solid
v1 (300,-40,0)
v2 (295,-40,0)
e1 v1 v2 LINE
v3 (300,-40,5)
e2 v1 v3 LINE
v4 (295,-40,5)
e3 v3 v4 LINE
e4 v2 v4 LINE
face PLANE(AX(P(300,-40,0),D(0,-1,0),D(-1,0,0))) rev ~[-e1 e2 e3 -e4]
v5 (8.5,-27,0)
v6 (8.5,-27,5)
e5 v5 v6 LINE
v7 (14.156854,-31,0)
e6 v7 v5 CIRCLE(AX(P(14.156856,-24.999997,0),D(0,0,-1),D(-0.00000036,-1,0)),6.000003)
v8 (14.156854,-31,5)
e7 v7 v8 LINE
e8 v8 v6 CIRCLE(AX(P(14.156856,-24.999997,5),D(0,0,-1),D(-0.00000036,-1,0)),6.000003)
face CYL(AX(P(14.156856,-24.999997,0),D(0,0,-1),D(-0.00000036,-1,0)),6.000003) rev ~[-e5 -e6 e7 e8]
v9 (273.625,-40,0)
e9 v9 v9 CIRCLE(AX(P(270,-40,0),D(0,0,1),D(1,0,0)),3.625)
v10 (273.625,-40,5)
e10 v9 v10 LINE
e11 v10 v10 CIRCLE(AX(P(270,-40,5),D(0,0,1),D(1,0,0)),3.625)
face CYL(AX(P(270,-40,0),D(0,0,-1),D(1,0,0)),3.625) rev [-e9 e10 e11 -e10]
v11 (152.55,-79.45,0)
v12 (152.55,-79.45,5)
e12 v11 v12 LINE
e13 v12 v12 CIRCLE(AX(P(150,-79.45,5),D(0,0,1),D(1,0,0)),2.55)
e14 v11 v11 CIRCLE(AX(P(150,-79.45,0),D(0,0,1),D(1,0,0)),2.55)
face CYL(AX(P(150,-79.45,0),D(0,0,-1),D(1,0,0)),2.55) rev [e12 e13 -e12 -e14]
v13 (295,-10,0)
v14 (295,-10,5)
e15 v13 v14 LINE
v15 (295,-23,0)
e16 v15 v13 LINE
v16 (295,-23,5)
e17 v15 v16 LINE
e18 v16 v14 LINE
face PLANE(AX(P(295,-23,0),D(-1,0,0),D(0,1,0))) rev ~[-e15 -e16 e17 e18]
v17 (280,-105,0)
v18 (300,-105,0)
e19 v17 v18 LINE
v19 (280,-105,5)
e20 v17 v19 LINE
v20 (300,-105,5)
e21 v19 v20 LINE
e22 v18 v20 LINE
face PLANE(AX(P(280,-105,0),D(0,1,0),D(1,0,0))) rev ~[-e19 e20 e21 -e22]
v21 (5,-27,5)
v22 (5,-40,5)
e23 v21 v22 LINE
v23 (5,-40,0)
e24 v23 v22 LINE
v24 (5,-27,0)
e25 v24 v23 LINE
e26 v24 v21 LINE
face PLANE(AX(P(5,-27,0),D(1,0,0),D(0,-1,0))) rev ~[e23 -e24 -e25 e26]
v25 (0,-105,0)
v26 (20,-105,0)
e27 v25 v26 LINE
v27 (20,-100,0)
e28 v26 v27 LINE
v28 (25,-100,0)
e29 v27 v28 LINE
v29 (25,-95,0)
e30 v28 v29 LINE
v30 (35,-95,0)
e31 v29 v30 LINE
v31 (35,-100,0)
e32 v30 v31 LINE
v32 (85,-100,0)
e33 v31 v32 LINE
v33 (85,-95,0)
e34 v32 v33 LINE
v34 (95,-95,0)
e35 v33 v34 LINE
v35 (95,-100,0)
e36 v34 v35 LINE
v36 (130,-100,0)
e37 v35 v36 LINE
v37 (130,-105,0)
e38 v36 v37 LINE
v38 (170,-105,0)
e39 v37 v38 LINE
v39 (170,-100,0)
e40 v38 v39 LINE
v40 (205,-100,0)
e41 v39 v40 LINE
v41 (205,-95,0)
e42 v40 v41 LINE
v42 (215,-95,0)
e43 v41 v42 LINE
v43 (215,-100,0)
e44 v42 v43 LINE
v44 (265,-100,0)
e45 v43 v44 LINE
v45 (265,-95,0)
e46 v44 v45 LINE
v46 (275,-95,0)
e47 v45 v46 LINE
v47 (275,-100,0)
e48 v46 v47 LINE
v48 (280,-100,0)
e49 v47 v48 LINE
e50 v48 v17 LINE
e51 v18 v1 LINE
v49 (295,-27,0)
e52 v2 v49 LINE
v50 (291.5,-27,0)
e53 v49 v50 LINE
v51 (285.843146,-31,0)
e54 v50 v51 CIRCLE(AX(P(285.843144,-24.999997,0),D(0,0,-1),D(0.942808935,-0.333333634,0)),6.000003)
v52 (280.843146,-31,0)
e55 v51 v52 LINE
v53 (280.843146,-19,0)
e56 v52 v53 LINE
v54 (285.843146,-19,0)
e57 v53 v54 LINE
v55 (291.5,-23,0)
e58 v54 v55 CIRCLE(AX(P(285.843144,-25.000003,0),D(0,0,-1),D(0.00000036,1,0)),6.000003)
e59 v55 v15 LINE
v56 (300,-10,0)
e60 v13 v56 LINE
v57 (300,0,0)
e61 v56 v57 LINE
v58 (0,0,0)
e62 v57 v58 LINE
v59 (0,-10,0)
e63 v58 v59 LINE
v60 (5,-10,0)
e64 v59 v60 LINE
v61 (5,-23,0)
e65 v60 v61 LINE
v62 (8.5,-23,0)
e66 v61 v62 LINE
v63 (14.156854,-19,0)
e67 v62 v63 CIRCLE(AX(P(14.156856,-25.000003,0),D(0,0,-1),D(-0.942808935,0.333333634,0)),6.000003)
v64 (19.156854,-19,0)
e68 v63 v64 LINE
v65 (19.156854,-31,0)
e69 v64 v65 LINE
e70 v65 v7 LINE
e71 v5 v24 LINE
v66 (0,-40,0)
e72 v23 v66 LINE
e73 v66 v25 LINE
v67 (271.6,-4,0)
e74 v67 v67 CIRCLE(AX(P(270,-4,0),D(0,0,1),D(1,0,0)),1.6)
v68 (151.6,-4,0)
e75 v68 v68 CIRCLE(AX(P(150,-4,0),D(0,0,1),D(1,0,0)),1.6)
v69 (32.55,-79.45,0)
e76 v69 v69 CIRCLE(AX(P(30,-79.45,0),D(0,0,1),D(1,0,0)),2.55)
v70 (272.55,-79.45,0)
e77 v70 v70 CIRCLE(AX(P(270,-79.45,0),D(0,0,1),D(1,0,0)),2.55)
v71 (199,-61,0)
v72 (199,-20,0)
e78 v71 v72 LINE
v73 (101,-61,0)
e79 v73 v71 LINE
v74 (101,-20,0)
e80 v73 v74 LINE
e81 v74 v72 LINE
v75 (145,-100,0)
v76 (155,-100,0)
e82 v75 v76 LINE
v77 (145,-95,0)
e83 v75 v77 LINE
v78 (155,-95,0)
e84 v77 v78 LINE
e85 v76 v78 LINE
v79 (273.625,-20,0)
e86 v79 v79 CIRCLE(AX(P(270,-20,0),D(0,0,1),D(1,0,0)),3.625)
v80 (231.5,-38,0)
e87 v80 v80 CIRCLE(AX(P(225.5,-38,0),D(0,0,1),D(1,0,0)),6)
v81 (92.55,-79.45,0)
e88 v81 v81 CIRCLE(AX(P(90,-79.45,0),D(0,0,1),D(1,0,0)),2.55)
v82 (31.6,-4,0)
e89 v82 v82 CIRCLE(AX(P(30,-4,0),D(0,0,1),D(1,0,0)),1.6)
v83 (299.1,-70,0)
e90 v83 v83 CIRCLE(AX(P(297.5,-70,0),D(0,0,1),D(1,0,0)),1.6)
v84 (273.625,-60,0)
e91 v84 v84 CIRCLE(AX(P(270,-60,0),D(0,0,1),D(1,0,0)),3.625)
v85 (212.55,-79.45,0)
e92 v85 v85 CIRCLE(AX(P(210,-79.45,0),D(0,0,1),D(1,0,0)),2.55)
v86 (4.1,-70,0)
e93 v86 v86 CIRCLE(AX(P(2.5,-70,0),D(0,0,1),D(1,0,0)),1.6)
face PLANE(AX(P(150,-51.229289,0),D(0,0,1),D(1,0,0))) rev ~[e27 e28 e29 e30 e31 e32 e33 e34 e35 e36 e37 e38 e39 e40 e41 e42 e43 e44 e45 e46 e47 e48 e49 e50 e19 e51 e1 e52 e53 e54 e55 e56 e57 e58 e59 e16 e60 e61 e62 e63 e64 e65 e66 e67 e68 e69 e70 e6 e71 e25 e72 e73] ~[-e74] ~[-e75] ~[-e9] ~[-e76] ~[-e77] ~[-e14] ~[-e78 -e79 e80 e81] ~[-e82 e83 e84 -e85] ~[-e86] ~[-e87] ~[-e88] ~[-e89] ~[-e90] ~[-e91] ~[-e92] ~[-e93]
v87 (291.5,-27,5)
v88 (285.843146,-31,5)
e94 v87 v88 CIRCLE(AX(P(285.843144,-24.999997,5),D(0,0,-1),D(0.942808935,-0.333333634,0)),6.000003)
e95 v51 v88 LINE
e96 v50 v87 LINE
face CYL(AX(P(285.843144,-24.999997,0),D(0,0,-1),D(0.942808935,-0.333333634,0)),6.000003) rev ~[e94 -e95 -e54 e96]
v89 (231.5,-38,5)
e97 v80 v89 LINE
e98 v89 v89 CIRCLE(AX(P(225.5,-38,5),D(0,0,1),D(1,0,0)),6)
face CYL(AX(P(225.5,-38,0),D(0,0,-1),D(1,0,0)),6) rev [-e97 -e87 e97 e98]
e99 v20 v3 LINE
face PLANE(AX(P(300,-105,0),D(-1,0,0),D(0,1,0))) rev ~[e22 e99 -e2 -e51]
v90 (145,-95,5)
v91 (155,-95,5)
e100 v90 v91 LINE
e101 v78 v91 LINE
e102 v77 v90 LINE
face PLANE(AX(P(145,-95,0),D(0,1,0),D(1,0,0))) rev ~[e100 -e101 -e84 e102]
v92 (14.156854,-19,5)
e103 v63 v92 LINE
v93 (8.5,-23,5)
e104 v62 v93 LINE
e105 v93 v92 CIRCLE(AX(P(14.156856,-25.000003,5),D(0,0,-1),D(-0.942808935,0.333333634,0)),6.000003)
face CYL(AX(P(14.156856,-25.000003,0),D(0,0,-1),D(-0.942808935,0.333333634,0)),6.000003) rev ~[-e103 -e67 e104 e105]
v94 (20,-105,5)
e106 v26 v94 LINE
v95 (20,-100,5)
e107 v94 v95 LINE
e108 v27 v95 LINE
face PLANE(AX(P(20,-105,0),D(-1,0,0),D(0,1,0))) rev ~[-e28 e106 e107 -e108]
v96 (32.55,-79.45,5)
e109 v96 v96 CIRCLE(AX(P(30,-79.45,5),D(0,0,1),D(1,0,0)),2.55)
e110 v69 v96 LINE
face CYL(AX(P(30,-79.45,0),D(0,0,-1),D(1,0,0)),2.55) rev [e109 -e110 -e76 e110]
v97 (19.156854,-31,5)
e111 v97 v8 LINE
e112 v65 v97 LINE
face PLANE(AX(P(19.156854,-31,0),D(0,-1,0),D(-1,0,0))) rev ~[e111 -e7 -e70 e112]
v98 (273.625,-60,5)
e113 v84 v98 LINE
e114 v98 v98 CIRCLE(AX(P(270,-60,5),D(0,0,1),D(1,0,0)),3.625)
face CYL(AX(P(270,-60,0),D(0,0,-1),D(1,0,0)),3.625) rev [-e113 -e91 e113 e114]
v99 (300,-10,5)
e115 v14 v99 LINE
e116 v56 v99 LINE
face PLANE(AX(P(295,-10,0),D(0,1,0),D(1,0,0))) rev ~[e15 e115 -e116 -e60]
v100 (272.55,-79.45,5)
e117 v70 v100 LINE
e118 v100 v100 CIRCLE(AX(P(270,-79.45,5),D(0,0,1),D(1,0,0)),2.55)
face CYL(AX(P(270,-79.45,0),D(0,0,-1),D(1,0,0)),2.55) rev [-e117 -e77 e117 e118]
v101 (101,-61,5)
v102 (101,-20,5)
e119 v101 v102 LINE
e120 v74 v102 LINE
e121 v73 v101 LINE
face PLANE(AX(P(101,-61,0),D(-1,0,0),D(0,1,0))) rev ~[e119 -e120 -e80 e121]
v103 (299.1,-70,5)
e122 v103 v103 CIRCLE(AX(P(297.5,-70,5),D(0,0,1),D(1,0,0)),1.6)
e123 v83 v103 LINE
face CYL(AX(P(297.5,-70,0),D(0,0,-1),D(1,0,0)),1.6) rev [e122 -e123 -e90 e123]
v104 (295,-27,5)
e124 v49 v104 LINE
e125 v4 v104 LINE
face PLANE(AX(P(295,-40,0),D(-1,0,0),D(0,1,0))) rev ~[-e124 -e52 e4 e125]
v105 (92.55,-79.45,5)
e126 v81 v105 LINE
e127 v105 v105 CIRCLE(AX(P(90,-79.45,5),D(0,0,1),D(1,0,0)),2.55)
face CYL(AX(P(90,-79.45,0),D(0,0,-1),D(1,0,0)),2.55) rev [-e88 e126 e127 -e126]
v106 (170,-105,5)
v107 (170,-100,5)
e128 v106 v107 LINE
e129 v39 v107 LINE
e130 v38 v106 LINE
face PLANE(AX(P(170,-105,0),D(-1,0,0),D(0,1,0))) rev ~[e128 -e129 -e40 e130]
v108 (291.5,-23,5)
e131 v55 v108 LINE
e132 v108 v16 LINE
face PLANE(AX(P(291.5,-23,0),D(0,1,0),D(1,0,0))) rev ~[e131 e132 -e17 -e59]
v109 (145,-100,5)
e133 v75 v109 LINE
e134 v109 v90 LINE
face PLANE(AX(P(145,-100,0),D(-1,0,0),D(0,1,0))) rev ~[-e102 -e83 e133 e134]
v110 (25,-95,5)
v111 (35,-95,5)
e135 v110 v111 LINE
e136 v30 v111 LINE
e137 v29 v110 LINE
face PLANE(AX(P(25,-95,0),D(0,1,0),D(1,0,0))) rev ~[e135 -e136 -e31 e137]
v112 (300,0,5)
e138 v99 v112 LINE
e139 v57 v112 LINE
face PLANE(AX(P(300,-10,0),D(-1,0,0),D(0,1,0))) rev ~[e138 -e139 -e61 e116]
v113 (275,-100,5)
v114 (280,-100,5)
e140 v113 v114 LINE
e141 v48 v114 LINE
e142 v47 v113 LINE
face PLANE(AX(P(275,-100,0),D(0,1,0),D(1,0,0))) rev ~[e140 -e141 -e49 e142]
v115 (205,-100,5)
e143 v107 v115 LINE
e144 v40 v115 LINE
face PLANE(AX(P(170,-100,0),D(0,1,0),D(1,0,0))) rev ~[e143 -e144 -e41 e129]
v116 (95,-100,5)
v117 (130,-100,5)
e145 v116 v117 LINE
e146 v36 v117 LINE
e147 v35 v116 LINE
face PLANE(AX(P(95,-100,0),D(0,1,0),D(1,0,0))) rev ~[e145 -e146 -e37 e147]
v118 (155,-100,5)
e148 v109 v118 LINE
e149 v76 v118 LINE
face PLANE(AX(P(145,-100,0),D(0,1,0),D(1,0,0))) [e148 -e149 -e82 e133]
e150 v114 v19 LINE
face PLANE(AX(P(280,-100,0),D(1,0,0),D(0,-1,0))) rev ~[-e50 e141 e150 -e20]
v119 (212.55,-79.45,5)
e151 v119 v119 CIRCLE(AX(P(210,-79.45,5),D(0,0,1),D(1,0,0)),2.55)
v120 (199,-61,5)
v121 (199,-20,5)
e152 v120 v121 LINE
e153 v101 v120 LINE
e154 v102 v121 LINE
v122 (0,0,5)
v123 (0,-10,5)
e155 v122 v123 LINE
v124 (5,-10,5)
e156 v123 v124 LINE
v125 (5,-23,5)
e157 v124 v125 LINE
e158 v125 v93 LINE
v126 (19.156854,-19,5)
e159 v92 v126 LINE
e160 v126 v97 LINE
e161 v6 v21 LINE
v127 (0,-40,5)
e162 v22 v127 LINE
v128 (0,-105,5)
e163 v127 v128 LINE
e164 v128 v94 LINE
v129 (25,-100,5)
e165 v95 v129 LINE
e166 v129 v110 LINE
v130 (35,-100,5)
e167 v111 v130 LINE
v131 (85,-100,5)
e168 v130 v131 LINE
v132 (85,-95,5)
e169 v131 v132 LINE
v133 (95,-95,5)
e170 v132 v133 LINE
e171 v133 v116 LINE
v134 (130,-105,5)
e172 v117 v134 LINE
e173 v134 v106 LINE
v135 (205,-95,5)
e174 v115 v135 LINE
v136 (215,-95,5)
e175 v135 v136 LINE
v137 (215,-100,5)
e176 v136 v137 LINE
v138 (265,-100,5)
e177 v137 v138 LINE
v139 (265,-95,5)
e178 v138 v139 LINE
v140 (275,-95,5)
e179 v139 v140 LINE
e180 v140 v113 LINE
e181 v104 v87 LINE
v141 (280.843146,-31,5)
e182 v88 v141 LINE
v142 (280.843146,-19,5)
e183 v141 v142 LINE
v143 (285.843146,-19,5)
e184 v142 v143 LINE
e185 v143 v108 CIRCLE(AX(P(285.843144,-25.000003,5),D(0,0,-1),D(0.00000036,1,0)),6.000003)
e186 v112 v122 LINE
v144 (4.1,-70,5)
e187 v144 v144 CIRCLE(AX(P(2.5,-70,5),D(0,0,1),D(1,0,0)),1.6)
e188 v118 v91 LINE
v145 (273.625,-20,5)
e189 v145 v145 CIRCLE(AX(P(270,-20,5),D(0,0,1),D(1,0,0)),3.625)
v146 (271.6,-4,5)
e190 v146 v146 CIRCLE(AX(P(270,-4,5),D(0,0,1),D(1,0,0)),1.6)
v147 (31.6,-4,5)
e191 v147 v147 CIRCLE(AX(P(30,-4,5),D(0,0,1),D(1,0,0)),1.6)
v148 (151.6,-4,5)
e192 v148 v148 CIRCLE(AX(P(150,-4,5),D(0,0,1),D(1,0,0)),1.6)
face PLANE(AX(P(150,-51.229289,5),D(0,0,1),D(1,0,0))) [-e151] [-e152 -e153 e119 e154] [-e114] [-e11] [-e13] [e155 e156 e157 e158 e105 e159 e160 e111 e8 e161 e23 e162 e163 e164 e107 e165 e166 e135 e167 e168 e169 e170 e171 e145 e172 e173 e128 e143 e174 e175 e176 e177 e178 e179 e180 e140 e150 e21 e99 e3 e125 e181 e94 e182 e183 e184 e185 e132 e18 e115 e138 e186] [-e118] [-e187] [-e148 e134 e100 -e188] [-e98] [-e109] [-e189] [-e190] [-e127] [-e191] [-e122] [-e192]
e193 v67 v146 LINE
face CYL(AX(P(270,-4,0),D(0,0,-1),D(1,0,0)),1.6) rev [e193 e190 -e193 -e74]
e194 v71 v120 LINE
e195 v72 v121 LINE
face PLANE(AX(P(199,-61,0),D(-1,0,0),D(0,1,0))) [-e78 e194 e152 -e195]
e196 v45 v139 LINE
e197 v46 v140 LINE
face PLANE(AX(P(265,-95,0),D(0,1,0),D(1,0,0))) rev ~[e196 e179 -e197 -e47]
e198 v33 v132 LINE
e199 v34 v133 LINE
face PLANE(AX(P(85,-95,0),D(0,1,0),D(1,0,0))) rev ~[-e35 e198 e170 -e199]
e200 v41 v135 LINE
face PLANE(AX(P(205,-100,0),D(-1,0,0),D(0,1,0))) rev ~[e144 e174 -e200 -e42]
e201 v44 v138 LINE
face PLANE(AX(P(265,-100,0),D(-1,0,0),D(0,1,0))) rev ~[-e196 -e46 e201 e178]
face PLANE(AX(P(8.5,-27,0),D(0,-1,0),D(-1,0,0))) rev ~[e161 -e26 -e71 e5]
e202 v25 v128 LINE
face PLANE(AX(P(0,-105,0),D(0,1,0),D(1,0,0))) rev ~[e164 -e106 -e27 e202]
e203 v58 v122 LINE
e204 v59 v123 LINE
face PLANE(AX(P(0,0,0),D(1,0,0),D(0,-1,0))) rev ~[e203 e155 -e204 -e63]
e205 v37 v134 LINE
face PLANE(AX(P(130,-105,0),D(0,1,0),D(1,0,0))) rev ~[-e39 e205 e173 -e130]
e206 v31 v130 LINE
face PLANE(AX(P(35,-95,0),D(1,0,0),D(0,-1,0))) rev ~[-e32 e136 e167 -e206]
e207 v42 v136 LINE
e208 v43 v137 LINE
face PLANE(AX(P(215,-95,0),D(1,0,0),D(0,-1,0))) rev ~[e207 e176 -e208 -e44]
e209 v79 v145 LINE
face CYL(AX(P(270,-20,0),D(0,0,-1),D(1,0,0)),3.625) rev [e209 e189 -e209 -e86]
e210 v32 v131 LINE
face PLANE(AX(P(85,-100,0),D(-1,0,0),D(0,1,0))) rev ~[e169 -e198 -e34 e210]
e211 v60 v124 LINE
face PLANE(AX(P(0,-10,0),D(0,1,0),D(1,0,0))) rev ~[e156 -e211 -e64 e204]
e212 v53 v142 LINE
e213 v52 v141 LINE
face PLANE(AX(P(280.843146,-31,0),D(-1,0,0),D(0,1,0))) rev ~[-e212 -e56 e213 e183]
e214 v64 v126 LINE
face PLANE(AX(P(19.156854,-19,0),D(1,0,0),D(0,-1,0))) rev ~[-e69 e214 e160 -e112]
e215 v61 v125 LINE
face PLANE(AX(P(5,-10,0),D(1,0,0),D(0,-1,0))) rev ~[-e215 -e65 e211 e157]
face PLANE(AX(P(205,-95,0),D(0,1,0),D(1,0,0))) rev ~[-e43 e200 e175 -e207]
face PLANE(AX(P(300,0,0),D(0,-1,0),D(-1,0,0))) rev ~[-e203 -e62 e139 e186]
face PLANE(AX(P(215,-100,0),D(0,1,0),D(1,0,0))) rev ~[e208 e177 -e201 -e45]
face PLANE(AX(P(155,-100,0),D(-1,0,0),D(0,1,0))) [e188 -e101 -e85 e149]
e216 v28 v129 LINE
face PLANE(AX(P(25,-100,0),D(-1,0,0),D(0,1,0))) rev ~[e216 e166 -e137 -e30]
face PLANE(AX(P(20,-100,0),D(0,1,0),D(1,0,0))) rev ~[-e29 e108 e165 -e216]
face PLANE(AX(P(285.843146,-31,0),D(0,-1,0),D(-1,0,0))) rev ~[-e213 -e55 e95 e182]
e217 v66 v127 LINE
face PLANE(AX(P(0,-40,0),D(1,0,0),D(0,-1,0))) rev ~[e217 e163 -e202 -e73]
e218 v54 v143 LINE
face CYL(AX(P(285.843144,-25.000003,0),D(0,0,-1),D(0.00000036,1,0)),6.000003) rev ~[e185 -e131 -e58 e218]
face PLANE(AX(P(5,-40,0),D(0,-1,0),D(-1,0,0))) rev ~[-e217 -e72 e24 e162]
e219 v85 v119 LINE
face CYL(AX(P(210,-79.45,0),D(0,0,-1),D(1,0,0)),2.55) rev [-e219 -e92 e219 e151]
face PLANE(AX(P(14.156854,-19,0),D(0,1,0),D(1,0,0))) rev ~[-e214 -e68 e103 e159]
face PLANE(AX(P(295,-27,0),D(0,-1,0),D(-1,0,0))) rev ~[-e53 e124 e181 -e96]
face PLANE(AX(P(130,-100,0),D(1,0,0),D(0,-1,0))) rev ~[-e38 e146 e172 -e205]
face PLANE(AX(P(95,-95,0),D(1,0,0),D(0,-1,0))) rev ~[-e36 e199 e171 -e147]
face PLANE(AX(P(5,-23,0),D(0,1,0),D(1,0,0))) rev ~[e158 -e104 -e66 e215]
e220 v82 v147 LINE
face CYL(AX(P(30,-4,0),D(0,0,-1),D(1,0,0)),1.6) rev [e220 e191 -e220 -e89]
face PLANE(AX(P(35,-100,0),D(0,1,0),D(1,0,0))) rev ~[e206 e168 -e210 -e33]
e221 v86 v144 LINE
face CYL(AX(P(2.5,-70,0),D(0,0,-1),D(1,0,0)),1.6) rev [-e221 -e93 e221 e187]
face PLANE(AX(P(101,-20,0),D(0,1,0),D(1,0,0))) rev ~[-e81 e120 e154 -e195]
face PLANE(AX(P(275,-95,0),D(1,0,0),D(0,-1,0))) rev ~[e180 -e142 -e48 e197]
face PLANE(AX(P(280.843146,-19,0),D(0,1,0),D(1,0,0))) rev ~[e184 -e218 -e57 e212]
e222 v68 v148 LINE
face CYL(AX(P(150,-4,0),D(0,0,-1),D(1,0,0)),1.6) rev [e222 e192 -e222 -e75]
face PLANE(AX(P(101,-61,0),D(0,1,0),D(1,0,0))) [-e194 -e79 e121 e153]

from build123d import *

# Parameters (mm, degrees)
F0_R     = 2.55
F0_R_2   = 1.6
F0_W     = 10
F0_H     = 5
F0_R_3   = 3.625
F0_W_2   = 98
F0_H_2   = 41
F0_R_4   = 6
F1_DEPTH = 5


with BuildPart() as f1:
    # F0 (on Top) → F1 (new body)
    with BuildSketch(Plane.XY):
        with BuildLine():
            Line((300, 0), (0, 0))
            Line((0, 0), (0, -10))
            Line((0, -10), (5, -10))
            Line((5, -10), (5, -23))
            Line((5, -23), (8.5, -23))
            ThreePointArc((8.5, -23), (10.692753, -20.101021), (14.156854, -19))
            Line((14.156854, -19), (19.156854, -19))
            Line((19.156854, -19), (19.156854, -31))
            Line((19.156854, -31), (14.156854, -31))
            ThreePointArc((14.156854, -31), (10.692753, -29.898979), (8.5, -27))
            Line((8.5, -27), (5, -27))
            Line((5, -27), (5, -40))
            Line((5, -40), (0, -40))
            Line((0, -40), (0, -100))
            Line((0, -100), (0, -105))
            Line((0, -105), (20, -105))
            Line((20, -105), (20, -100))
            Line((20, -100), (25, -100))
            Line((25, -100), (25, -95))
            Line((25, -95), (35, -95))
            Line((35, -95), (35, -100))
            Line((35, -100), (85, -100))
            Line((85, -100), (85, -95))
            Line((85, -95), (95, -95))
            Line((95, -95), (95, -100))
            Line((95, -100), (130, -100))
            Line((130, -100), (130, -105))
            Line((130, -105), (170, -105))
            Line((170, -105), (170, -100))
            Line((170, -100), (205, -100))
            Line((205, -100), (205, -95))
            Line((205, -95), (215, -95))
            Line((215, -95), (215, -100))
            Line((215, -100), (265, -100))
            Line((265, -100), (265, -95))
            Line((265, -95), (275, -95))
            Line((275, -95), (275, -100))
            Line((275, -100), (280, -100))
            Line((280, -100), (280, -105))
            Line((280, -105), (300, -105))
            Line((300, -105), (300, -100))
            Line((300, -100), (300, -40))
            Line((300, -40), (295, -40))
            Line((295, -40), (295, -27))
            Line((295, -27), (291.5, -27))
            ThreePointArc((291.5, -27), (289.307247, -29.898979), (285.843146, -31))
            Line((285.843146, -31), (280.843146, -31))
            Line((280.843146, -31), (280.843146, -19))
            Line((280.843146, -19), (285.843146, -19))
            ThreePointArc((285.843146, -19), (289.307247, -20.101021), (291.5, -23))
            Line((291.5, -23), (295, -23))
            Line((295, -23), (295, -10))
            Line((295, -10), (300, -10))
            Line((300, -10), (300, 0))
        make_face()
        with Locations((30, -79.45)):
            Circle(F0_R, mode=Mode.SUBTRACT)
        with Locations((90, -79.45)):
            Circle(F0_R, mode=Mode.SUBTRACT)
        with Locations((2.5, -70)):
            Circle(F0_R_2, mode=Mode.SUBTRACT)
        with Locations((150, -97.5)):
            Rectangle(F0_W, F0_H, mode=Mode.SUBTRACT)
        with Locations((150, -79.45)):
            Circle(F0_R, mode=Mode.SUBTRACT)
        with Locations((210, -79.45)):
            Circle(F0_R, mode=Mode.SUBTRACT)
        with Locations((270, -79.45)):
            Circle(F0_R, mode=Mode.SUBTRACT)
        with Locations((297.5, -70)):
            Circle(F0_R_2, mode=Mode.SUBTRACT)
        with Locations((270, -60)):
            Circle(F0_R_3, mode=Mode.SUBTRACT)
        with Locations((30, -4)):
            Circle(F0_R_2, mode=Mode.SUBTRACT)
        with Locations((150, -40.5)):
            Rectangle(F0_W_2, F0_H_2, mode=Mode.SUBTRACT)
        with Locations((270, -40)):
            Circle(F0_R_3, mode=Mode.SUBTRACT)
        with Locations((225.5, -38)):
            Circle(F0_R_4, mode=Mode.SUBTRACT)
        with Locations((150, -4)):
            Circle(F0_R_2, mode=Mode.SUBTRACT)
        with Locations((270, -20)):
            Circle(F0_R_3, mode=Mode.SUBTRACT)
        with Locations((270, -4)):
            Circle(F0_R_2, mode=Mode.SUBTRACT)
    extrude(amount=F1_DEPTH)


solid = f1.part
